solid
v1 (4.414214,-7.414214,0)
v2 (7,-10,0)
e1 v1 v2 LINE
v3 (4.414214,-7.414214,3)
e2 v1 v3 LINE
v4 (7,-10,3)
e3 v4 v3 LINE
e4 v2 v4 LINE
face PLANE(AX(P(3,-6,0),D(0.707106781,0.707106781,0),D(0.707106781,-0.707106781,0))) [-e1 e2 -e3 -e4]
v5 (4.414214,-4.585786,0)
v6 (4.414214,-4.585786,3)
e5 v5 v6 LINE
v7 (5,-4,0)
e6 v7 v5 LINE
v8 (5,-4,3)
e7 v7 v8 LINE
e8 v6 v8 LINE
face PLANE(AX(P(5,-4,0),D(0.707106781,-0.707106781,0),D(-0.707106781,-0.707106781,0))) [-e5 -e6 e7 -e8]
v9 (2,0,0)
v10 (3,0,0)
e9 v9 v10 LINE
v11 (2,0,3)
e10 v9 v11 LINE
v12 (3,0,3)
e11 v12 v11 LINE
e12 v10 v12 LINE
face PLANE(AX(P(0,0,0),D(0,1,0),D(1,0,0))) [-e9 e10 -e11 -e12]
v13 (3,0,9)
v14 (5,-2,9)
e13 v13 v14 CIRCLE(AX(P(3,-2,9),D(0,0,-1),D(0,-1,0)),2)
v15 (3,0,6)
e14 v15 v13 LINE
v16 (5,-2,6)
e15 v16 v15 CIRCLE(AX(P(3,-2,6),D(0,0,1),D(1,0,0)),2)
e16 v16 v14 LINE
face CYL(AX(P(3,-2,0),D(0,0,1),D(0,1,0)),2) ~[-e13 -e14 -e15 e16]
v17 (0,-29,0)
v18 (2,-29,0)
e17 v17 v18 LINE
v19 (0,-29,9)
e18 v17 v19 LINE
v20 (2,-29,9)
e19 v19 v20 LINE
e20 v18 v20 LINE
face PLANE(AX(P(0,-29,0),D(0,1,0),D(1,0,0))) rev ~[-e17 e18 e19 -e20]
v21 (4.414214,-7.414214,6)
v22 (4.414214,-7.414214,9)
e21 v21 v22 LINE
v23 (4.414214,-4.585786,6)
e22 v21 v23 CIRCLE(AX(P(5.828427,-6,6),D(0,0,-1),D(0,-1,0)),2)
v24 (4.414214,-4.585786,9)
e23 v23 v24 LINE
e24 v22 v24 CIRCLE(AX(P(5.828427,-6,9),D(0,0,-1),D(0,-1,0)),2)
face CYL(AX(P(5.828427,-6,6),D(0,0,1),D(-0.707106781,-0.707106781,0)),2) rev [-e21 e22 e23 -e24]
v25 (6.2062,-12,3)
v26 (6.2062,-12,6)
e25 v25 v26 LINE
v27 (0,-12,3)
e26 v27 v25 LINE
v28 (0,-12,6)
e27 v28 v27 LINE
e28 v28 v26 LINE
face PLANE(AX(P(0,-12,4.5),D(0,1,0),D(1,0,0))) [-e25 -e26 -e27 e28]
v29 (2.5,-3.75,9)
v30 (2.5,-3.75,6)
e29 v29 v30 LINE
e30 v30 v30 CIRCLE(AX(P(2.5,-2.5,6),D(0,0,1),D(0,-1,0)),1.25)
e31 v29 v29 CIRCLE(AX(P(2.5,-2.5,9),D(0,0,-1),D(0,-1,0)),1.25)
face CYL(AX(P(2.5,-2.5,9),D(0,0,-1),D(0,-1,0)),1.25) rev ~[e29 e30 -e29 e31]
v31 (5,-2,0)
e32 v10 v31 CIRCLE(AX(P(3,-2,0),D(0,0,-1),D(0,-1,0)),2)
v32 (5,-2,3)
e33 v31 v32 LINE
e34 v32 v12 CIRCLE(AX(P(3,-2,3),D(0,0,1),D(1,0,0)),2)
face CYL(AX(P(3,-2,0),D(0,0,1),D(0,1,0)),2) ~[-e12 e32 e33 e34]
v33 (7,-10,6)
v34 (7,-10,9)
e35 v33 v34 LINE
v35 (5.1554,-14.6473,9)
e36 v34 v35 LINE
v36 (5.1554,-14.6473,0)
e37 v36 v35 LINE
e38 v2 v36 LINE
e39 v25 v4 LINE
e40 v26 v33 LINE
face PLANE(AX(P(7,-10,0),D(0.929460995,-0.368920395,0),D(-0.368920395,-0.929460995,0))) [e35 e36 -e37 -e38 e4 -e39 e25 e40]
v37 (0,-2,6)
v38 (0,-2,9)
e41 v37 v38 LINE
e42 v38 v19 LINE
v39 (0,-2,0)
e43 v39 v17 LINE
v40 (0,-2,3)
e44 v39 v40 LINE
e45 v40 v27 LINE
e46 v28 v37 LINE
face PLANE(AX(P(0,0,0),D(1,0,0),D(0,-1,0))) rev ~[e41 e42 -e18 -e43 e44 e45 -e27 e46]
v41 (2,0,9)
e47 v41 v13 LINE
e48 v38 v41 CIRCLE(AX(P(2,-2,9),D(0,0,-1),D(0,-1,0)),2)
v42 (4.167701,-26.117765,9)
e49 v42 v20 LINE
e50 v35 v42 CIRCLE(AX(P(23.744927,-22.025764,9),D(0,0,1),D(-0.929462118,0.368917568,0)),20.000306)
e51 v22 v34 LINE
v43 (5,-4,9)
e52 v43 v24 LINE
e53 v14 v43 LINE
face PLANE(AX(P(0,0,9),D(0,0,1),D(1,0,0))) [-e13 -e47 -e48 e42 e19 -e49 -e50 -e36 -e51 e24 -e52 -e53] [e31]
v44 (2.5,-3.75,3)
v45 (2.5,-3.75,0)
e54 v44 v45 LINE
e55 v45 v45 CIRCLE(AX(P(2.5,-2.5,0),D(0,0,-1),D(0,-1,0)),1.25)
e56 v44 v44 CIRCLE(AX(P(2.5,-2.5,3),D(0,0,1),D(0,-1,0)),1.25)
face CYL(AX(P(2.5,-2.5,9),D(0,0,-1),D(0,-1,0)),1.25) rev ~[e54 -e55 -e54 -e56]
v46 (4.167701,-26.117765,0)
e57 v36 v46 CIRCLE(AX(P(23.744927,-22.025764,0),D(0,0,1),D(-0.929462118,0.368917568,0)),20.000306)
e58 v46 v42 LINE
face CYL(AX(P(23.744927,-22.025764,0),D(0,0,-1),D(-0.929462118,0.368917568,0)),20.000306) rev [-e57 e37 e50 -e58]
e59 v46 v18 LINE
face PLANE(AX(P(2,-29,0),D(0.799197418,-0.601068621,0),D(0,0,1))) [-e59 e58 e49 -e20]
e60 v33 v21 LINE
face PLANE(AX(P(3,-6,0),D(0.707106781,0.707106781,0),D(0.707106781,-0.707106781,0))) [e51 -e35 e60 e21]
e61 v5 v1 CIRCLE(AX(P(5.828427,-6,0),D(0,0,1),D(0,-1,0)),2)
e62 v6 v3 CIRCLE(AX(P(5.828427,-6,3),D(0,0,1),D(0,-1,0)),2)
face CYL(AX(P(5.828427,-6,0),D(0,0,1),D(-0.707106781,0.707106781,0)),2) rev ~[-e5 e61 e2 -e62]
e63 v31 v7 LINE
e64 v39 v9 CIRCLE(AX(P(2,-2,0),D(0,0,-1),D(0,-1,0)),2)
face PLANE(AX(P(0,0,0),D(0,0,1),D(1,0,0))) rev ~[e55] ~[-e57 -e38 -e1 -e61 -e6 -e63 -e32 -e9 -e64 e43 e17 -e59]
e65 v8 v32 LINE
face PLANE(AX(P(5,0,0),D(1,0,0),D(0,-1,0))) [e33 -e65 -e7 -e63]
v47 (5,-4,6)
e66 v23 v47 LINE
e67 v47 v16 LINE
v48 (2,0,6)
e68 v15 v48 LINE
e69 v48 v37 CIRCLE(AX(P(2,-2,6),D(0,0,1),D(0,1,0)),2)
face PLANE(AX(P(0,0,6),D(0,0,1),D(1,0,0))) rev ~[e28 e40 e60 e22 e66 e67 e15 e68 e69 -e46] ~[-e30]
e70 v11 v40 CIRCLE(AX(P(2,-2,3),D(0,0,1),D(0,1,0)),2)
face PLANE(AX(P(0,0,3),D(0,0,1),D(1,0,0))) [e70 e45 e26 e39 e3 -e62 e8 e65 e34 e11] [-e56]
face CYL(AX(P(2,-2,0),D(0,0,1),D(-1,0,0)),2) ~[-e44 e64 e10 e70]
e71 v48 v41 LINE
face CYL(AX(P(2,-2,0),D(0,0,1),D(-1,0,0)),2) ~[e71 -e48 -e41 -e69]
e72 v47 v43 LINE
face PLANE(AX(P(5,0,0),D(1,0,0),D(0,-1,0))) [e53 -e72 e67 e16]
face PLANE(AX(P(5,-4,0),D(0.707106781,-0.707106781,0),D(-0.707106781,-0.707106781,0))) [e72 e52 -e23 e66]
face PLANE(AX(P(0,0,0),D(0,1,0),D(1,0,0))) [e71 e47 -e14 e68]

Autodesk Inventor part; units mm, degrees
ref_plane "YZ Plane" through (0, 0, 0) normal (1, 0, 0) x (0, 1, 0)
ref_plane "XZ Plane" through (0, 0, 0) normal (0, 1, 0) x (-1, 0, 0)
sketch "Base" plane through (0, 0, 0) normal (0, 0, 1) x (1, 0, 0)
  line L0 (0, 0) -> (0, -29)
  line L1 (0, 0) -> (5, 0)
  line L2 (5, 0) -> (5, -4)
  line L3 (3, -6) -> (7, -10)
  line L4 (7, -10) -> (5.1554, -14.6473)
  line L5 (0, -29) -> (5, -29)
  line L6 (5, -4) -> (3, -6)
  arc A0 (5.1554, -14.6473) -> (5, -29) centre (23.7446, -22.0257) ccw
  dimension "d0" = 29
  dimension "d1" = 5
  dimension "d54" = 4
  dimension "d112" = 5
  dimension "d116" = 20
  dimension "d117" = 45
  dimension "d118" = 7
  dimension "d119" = 5
  dimension "d123" = 4
extrude "BaseFeature" add sketch "Base" along normal blind 9
chamfer "EndChamferFeature" distance 3 angle 45 1 edges at (5, -29, 4.5)
sketch "MountHole" plane through (0, 0, 9) normal (0, 0, 1) x (1, 0, 0)
  circle A0 centre (2.5, -2.5) radius 1.25
  line L0 (5, 0) -> (0, 0) construction
  line L1 (0, 0) -> (0, -29) construction
  dimension "d40" = 2.5
  dimension "d41" = 2.5
  dimension "d42" = 2.5
hole "MountHoleFeature" at (2.5, -2.5, 9) direction (0, 0, -1) diameter 2.5 end through all
fillet "EndFilletsFeature" radius 2 2 edges at (0, 0, 4.5) (5, 0, 4.5)
ref_plane "MidPlane" through (0, 0, 4.5) normal (0, 0, 1) x (1, 0, 0)
sketch "MountCut" plane through (0, 0, 4.5) normal (0, 0, 1) x (1, 0, 0)
  line L0 (5.1554, -14.6473) -> (7, -10) projected
  line L1 (7, -10) -> (3, -6) projected
  line L2 (3, -6) -> (5, -4) projected
  arc A0 (5, -2) -> (3, 0) centre (3, -2) ccw projected
  line L3 (3, 0) -> (2, 0) projected
  arc A1 (2, 0) -> (0, -2) centre (2, -2) ccw projected
  line L4 (0, -2) -> (0, -29) projected
  circle A2 centre (2.5, -2.5) radius 1.25 projected
  line L5 (4.1677, -26.1178) -> (2, -29) projected
  arc A3 (5.1554, -14.6473) -> (4.1677, -26.1178) centre (23.7446, -22.0257) ccw projected
  line L6 (3, -6) -> (0, -6)
  line L7 (0, -12) -> (6.2062, -12)
  line L8 (5.1554, -14.6473) -> (7, -10) projected
  line L9 (0, -2) -> (0, -29) projected
  line L10 (0, -29) -> (2, -29) projected
  line L11 (5, -4) -> (5, -2) projected
  dimension "d120" = 6
extrude "MountCutFeature" cut sketch "MountCut" along normal mid plane 3 contours L7 L4 L6 L1 L0 | L6 L4 A1 L3 A0 L11 L2
fillet "LastFilletFeature" radius 2 2 edges at (3, -6, 1.5) (3, -6, 7.5)
properties part number "ProximalPhalangeIndex2"
